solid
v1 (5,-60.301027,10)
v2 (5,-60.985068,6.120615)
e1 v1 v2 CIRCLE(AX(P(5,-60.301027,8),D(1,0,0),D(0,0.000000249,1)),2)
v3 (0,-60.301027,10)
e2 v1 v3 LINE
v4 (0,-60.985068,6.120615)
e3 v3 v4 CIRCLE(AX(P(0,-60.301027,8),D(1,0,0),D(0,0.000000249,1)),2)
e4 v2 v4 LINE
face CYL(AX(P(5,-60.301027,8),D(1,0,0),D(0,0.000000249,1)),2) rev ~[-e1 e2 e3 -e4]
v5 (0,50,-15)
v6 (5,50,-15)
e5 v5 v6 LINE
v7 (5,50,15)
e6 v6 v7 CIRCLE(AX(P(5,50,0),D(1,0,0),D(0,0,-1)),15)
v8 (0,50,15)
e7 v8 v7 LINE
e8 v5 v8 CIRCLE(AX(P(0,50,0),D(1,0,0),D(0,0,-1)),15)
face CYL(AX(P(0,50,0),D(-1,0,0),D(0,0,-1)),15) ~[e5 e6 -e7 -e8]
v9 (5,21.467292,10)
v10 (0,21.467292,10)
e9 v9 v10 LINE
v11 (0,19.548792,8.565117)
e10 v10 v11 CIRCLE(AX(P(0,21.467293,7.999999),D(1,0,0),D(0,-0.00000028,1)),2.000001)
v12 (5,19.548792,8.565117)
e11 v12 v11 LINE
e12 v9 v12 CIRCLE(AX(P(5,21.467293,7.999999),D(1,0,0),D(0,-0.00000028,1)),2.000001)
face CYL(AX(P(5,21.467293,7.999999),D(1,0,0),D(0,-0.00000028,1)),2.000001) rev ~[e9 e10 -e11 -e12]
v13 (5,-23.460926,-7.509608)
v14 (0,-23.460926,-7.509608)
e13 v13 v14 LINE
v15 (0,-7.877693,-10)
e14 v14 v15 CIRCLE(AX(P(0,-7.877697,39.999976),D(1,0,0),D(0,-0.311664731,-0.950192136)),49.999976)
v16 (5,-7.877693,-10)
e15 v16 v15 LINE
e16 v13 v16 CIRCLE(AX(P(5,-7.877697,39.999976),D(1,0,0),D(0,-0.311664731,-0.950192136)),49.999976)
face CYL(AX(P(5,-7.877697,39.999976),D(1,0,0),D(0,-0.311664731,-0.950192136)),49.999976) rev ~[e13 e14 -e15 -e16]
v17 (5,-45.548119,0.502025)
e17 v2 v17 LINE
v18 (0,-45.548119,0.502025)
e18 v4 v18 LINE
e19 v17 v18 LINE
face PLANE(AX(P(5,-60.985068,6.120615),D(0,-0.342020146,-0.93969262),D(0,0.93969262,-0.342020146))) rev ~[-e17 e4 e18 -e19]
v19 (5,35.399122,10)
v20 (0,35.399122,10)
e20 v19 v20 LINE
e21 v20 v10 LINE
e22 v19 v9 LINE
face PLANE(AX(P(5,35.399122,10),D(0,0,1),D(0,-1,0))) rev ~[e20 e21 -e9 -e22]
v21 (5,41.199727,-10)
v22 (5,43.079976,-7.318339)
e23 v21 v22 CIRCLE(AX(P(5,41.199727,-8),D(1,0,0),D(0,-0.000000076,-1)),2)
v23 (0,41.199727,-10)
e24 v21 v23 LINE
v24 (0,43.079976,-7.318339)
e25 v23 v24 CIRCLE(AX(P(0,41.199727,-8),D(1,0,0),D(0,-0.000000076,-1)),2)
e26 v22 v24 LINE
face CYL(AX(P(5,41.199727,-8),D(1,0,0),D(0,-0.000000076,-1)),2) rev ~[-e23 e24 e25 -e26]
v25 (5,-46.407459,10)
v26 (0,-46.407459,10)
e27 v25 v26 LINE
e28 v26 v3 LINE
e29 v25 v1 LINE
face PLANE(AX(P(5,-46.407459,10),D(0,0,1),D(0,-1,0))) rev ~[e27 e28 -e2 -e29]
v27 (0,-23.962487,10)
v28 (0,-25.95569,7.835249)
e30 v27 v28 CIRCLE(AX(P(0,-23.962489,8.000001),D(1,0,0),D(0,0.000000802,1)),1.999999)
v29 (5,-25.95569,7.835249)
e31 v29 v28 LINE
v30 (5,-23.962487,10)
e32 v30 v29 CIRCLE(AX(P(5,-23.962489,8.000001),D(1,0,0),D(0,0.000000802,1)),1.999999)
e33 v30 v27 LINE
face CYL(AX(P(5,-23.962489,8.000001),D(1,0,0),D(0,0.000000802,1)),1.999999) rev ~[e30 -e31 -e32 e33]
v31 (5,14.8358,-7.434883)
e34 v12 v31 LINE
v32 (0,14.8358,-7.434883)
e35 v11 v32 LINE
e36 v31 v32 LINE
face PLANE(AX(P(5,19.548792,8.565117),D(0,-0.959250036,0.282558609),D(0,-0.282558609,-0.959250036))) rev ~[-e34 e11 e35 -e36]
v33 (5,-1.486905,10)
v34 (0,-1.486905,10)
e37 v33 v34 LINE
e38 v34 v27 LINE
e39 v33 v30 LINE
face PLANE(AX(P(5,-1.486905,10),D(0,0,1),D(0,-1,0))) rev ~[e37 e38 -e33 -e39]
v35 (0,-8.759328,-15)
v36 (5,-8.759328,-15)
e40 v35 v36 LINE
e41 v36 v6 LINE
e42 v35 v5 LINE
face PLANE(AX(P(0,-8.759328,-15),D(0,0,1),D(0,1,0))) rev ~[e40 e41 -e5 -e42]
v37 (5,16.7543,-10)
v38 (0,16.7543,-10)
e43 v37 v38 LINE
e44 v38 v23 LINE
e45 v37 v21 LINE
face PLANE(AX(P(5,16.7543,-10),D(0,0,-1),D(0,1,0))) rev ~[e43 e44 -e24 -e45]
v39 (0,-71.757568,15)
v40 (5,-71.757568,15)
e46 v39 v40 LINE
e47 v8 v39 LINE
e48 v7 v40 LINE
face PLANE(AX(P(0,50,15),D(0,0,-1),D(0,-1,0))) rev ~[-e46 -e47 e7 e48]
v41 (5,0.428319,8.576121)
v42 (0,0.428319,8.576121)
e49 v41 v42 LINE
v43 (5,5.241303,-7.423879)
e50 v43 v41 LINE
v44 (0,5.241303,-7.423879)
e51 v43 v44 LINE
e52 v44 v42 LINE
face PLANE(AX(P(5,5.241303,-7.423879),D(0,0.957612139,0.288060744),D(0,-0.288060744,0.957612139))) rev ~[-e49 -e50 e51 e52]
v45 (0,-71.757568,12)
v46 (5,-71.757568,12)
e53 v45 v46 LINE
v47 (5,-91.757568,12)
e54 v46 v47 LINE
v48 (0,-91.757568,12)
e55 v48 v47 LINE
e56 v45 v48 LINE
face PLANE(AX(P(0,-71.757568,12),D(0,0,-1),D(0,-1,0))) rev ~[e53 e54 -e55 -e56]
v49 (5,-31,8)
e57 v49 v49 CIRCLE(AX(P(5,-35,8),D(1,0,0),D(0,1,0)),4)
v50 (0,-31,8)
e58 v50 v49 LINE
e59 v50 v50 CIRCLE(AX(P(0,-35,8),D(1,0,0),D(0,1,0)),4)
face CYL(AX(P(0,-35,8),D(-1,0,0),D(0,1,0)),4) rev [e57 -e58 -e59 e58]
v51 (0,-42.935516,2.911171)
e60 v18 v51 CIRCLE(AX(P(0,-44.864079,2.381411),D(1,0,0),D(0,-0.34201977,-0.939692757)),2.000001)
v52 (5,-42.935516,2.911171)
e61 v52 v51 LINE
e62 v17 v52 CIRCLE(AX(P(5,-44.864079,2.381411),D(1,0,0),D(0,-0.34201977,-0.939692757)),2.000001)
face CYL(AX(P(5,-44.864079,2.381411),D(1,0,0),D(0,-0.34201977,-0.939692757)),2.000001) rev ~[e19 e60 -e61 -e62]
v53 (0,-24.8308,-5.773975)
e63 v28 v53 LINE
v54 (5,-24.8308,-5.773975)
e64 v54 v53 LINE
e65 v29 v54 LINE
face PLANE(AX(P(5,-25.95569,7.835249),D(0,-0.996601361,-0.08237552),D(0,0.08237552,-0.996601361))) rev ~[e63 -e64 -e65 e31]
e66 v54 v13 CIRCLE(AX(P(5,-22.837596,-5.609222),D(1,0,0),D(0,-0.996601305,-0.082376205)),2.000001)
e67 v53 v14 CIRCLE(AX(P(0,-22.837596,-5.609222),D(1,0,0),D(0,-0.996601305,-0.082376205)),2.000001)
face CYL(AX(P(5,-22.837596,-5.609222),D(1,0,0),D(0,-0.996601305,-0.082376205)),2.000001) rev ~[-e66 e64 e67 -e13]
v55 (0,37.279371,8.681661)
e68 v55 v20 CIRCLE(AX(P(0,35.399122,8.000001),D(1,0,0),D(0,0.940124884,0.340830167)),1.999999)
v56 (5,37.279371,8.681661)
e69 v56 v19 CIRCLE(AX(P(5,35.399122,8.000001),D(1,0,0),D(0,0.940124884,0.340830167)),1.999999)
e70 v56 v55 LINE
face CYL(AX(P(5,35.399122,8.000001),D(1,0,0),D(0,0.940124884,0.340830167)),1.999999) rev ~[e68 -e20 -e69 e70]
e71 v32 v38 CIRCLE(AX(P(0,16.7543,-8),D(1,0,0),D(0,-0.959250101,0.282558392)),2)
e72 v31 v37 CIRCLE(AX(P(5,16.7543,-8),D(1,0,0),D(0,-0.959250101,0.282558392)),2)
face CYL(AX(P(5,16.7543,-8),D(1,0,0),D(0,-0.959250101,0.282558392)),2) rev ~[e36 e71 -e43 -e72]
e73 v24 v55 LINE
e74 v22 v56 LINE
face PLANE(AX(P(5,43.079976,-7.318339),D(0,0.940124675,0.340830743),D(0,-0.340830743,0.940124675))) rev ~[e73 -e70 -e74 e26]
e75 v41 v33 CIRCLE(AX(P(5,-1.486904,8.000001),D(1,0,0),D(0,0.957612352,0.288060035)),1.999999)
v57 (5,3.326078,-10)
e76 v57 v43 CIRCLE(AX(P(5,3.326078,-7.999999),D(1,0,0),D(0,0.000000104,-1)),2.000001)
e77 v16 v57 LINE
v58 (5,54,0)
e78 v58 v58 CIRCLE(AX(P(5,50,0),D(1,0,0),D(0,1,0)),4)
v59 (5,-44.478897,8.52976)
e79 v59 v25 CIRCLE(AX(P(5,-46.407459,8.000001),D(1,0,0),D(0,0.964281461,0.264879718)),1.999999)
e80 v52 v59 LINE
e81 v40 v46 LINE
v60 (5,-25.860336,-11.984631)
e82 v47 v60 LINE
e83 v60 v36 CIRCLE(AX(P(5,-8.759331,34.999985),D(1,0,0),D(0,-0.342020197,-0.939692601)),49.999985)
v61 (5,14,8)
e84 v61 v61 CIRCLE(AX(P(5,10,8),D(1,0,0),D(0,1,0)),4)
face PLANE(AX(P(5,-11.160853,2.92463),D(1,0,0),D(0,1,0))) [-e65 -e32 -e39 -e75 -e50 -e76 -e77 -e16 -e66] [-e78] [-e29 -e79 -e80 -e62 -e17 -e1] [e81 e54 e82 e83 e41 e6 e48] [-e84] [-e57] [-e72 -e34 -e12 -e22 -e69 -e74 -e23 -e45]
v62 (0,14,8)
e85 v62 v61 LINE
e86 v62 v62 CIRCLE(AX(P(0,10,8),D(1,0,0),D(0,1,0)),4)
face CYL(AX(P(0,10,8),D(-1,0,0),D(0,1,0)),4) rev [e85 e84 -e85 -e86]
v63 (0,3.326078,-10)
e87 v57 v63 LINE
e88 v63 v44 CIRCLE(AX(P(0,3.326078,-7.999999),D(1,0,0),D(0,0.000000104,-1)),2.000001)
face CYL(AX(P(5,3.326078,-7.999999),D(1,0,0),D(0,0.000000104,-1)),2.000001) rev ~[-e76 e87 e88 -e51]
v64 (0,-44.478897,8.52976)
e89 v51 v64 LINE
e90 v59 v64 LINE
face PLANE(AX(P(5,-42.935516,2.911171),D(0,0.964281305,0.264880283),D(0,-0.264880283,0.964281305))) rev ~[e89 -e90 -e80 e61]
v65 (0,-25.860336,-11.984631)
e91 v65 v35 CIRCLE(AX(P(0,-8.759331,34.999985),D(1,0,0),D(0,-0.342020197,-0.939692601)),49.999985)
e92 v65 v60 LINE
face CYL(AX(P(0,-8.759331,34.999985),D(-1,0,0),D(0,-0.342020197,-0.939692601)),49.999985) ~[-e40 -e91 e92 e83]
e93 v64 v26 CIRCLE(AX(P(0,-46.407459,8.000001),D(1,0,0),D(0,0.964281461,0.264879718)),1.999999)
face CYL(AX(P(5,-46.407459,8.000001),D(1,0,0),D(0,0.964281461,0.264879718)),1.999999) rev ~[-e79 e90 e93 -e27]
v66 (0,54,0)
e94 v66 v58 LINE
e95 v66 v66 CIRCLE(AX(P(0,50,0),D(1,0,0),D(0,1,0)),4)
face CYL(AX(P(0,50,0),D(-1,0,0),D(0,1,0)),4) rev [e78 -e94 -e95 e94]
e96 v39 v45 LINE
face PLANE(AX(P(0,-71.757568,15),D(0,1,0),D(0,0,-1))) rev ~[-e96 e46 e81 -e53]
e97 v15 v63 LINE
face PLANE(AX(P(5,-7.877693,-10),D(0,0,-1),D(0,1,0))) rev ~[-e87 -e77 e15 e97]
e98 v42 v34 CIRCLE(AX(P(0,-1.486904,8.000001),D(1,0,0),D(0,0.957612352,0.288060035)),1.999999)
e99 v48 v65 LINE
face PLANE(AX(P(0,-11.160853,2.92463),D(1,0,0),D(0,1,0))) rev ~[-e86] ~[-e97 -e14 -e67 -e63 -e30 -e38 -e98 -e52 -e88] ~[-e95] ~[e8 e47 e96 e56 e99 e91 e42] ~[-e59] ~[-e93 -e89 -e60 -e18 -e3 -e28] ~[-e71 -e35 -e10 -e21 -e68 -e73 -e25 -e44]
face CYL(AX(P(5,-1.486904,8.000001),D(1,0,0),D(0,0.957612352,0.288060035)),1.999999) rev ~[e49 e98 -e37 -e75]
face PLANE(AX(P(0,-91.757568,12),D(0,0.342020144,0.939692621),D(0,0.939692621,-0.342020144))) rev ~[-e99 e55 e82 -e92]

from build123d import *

# Parameters (mm, degrees)
F0_R     = 4
F1_DEPTH = 5
F3_DEPTH = 25


with BuildPart() as f1:
    # F0 (on Right) → F1 (new body)
    with BuildSketch(Plane.YZ):
        with BuildLine():
            Line((50, 15), (-71.757568, 15))
            Line((-71.757568, 15), (-71.757568, 12))
            Line((-71.757568, 12), (-91.757568, 12))
            Line((-91.757568, 12), (-25.860336, -11.984631))
            ThreePointArc((-25.860336, -11.984631), (-17.441737, -14.240388), (-8.759328, -15))
            Line((-8.759328, -15), (50, -15))
            ThreePointArc((50, -15), (65, 0), (50, 15))
        make_face()
        with Locations((-35, 8)):
            Circle(F0_R, mode=Mode.SUBTRACT)
        with Locations((50, 0)):
            Circle(F0_R, mode=Mode.SUBTRACT)
        with Locations((10, 8)):
            Circle(F0_R, mode=Mode.SUBTRACT)
    extrude(amount=F1_DEPTH)

    # F2 (on face) → F3 (cut)
    with BuildSketch(Plane.YZ.offset(5)):
        with BuildLine():
            Line((-1.486905, 10), (-23.962487, 10))
            ThreePointArc((-23.962487, 10), (-25.433797, 9.354714), (-25.95569, 7.835249))
            Line((-25.95569, 7.835249), (-24.8308, -5.773975))
            ThreePointArc((-24.8308, -5.773975), (-24.407522, -6.84831), (-23.460926, -7.509608))
            ThreePointArc((-23.460926, -7.509608), (-15.768181, -9.373477), (-7.877693, -10))
            Line((-7.877693, -10), (3.326078, -10))
            ThreePointArc((3.326078, -10), (4.931108, -9.193264), (5.241303, -7.423879))
            Line((5.241303, -7.423879), (0.428319, 8.576121))
            ThreePointArc((0.428319, 8.576121), (-0.293641, 9.60503), (-1.486905, 10))
        make_face()
        with BuildLine():
            Line((19.548792, 8.565117), (14.8358, -7.434883))
            ThreePointArc((14.8358, -7.434883), (15.152702, -9.197866), (16.7543, -10))
            Line((16.7543, -10), (41.199727, -10))
            ThreePointArc((41.199727, -10), (42.837305, -9.148189), (43.079976, -7.318339))
            Line((43.079976, -7.318339), (37.279371, 8.681661))
            ThreePointArc((37.279371, 8.681661), (36.547311, 9.637578), (35.399122, 10))
            Line((35.399122, 10), (21.467292, 10))
            ThreePointArc((21.467292, 10), (20.269426, 9.601598), (19.548792, 8.565117))
        make_face()
        with BuildLine():
            ThreePointArc((-44.478897, 8.52976), (-45.194925, 9.590522), (-46.407459, 10))
            Line((-46.407459, 10), (-60.301027, 10))
            ThreePointArc((-60.301027, 10), (-62.270643, 8.347296), (-60.985068, 6.120615))
            Line((-60.985068, 6.120615), (-45.548119, 0.502025))
            ThreePointArc((-45.548119, 0.502025), (-43.508275, 0.911106), (-42.935516, 2.911171))
            Line((-42.935516, 2.911171), (-44.478897, 8.52976))
        make_face()
    extrude(amount=-F3_DEPTH, mode=Mode.SUBTRACT)


solid = f1.part
